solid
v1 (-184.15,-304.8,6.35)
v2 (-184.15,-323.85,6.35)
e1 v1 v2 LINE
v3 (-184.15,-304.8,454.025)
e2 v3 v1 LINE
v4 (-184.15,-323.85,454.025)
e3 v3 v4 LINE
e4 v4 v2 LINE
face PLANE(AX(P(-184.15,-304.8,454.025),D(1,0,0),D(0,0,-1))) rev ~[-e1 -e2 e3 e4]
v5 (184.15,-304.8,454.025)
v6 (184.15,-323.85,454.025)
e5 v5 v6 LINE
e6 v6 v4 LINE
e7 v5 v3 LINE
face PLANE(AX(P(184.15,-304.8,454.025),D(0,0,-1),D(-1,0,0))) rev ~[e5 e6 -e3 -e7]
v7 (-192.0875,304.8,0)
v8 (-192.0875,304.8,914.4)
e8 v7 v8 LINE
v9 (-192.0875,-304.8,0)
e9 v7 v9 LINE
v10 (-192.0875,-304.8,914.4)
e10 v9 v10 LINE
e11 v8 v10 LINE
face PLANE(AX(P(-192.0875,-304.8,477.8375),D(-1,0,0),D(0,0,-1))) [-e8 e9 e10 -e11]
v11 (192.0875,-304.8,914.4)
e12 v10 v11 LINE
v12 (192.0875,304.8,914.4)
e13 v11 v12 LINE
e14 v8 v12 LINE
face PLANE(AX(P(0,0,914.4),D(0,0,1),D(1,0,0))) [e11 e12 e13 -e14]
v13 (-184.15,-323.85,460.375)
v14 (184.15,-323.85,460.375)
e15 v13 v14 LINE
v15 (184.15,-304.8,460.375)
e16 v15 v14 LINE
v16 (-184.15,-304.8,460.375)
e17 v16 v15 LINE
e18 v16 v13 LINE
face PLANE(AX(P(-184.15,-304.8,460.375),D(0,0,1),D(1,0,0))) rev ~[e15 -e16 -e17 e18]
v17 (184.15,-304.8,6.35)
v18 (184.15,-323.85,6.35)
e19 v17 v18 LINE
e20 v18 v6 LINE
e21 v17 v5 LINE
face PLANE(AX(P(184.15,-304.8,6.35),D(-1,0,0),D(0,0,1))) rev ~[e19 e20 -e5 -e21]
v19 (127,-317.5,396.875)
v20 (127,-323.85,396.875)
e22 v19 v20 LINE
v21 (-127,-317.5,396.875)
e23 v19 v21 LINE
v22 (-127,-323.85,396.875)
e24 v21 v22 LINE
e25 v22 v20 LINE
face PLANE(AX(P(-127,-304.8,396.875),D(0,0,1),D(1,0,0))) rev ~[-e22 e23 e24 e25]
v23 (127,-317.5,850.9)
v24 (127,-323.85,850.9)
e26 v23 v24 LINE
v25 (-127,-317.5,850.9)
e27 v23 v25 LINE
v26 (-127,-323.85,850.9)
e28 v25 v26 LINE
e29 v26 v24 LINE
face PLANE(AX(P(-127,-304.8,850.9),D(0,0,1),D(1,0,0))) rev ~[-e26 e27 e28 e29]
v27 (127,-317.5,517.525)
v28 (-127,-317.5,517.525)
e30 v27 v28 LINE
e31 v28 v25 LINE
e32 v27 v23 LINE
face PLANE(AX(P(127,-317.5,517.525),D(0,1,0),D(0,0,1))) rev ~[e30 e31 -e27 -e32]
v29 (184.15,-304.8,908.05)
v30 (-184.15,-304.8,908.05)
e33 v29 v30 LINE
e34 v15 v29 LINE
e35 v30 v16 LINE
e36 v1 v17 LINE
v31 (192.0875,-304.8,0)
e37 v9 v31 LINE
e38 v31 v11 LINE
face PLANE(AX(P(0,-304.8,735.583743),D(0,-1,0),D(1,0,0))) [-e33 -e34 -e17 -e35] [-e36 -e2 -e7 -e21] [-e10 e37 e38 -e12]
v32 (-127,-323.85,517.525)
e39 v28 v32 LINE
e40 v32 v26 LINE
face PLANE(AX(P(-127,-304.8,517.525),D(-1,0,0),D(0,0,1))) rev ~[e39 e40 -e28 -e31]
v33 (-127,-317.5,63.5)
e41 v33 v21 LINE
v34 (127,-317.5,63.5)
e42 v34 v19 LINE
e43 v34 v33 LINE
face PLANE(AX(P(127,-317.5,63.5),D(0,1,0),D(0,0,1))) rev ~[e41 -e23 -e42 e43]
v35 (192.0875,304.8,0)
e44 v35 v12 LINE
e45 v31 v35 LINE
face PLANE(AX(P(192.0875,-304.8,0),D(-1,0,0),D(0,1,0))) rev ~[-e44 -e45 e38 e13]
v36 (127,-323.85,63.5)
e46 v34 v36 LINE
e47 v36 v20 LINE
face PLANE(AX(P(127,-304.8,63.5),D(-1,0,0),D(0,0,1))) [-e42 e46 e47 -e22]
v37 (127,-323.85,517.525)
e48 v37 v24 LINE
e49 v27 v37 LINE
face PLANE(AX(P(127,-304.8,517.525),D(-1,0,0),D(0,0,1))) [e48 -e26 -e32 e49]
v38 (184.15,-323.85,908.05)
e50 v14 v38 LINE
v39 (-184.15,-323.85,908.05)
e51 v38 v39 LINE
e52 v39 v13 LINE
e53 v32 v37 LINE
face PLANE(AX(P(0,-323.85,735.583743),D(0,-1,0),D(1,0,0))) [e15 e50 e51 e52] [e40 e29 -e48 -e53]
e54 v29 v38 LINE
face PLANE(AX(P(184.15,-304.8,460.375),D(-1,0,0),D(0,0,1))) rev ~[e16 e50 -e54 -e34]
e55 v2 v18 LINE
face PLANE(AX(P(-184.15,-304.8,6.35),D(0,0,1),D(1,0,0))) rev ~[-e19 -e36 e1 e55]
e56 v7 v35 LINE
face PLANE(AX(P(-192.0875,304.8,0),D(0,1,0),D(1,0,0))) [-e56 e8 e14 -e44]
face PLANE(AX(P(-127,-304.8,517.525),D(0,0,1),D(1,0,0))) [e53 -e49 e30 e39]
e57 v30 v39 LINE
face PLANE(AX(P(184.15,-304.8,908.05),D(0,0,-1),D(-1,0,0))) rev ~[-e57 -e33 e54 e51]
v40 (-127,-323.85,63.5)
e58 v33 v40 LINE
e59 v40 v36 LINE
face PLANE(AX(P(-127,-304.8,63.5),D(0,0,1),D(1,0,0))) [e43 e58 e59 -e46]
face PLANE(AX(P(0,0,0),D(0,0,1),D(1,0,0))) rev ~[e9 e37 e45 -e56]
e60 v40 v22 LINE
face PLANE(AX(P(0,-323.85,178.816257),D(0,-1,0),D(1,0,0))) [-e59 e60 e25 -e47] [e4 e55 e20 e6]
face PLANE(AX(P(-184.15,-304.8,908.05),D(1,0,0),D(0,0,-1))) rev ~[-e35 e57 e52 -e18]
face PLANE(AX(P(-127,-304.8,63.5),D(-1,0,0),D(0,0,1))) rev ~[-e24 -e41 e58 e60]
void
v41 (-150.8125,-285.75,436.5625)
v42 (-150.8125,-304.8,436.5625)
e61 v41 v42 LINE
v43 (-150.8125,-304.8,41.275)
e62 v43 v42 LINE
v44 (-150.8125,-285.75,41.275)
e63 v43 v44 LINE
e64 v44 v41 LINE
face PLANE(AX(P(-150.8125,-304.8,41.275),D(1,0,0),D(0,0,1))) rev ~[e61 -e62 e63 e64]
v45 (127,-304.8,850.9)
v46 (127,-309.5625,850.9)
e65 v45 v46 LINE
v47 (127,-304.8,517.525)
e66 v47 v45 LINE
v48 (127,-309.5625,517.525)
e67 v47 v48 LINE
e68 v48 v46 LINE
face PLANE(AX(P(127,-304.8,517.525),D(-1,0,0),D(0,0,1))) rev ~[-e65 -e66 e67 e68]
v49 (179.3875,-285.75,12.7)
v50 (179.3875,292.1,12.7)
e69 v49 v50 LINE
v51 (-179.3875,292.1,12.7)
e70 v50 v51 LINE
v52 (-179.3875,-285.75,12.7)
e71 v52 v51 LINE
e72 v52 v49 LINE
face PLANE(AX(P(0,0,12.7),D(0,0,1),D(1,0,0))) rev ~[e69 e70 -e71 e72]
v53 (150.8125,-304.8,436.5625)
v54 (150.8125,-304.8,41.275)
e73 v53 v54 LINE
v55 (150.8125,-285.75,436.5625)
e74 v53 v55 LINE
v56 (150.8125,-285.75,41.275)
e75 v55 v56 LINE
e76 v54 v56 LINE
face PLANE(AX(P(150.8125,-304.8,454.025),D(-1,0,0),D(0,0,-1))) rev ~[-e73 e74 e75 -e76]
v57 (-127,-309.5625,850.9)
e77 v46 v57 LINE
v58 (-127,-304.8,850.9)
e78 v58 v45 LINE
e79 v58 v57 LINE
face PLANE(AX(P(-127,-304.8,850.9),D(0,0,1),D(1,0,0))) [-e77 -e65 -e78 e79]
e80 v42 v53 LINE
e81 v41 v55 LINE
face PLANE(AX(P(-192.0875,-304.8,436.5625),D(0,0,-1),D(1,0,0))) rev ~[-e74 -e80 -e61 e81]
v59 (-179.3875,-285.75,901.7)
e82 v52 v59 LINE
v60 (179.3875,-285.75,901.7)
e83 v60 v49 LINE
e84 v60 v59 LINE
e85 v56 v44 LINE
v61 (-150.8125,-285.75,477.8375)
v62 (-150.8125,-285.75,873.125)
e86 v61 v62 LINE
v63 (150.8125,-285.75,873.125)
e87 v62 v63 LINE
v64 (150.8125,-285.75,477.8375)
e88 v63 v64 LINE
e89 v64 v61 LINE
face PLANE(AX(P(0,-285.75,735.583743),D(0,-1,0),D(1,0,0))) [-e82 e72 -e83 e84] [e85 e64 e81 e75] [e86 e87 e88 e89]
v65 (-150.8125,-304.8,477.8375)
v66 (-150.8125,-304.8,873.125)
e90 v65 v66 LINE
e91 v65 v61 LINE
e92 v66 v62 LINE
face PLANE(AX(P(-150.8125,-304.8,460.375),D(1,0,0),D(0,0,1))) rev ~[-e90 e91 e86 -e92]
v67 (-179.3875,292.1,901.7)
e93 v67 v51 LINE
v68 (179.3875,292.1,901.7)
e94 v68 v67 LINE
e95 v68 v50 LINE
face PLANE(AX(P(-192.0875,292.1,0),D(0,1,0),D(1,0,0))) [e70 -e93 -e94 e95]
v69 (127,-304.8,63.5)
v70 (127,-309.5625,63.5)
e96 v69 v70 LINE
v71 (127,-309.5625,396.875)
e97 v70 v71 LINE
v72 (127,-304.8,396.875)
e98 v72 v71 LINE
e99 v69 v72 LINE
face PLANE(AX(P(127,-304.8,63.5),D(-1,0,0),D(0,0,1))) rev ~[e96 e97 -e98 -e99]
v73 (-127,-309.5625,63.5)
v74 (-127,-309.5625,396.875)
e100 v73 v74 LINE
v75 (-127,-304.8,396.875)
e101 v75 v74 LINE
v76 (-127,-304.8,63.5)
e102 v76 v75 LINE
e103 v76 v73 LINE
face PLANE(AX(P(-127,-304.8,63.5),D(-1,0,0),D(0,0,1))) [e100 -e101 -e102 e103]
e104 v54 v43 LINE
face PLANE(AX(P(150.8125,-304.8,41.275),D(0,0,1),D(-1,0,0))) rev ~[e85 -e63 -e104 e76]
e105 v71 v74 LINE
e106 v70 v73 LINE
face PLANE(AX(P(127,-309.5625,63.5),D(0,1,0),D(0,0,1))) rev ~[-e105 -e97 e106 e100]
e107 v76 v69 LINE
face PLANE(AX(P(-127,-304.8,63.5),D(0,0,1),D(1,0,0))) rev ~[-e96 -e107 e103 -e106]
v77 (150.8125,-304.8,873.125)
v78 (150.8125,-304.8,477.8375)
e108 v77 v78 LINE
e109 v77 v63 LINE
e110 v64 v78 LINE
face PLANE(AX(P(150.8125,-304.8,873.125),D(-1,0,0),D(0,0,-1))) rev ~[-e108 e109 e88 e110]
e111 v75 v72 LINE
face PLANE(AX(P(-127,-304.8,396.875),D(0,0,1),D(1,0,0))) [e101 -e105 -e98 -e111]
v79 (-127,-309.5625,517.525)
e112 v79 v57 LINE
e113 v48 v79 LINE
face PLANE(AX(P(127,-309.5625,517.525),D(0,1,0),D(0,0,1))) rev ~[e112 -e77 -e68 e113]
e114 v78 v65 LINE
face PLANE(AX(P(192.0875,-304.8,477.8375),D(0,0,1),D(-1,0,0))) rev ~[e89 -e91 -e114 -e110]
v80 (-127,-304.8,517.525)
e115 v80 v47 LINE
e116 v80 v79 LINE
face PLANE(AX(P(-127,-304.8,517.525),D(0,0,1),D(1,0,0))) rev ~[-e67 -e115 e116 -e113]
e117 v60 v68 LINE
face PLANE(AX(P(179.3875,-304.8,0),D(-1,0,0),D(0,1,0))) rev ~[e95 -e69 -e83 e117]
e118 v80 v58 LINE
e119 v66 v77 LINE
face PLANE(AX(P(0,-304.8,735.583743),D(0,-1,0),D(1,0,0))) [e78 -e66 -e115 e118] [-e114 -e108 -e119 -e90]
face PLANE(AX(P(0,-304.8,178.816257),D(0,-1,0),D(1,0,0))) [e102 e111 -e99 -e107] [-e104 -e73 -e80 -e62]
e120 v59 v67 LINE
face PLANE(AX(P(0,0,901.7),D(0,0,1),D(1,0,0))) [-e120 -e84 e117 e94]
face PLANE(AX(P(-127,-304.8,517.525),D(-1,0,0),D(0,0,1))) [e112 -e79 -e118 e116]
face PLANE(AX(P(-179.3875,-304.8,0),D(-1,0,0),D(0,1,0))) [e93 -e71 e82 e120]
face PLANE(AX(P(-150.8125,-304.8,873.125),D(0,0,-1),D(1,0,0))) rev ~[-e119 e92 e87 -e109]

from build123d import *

# Parameters (mm, degrees)
F0_W     = 384.175
F0_H     = 609.6
F1_DEPTH = 914.4
F2_T     = -12.7
F3_W     = 28.575
F3_H     = 17.4625
F3_W_2   = 301.625
F3_W_3   = 4.7625
F3_H_2   = 6.35
F4_DEPTH = 19.05
F5_DEPTH = 19.05
F3_H_3   = 395.2875
F3_W_4   = 254
F3_H_4   = 333.375
F6_DEPTH = 19.05
F7_W     = 7.9375
F7_H     = 333.375
F8_DEPTH = 254


with BuildPart() as f1:
    # F0 (on Top) → F1 (new body)
    with BuildSketch(Plane.XY):
        Rectangle(F0_W, F0_H)
    extrude(amount=F1_DEPTH)

    # F2
    f2_openings = [f1.faces().sort_by_distance(p)[0] for p in [
        (0, -304.8, 457.2),
    ]]
    offset(amount=F2_T, openings=f2_openings)

    # F3 (on face) → F4 (join)
    with BuildSketch(Plane.XZ.offset(304.8)):
        Polygon((-192.0875, 477.8375), (-192.0875, 436.5625), (-184.15, 436.5625), (-184.15, 454.025), (-179.3875, 454.025), (-179.3875, 460.375), (-184.15, 460.375), (-184.15, 477.8375), align=None)
        with Locations((-165.1, 445.29375)):
            Rectangle(F3_W, F3_H)
        with Locations((-165.1, 469.10625)):
            Rectangle(F3_W, F3_H)
        with Locations((0, 445.29375)):
            Rectangle(F3_W_2, F3_H)
        with Locations((0, 469.10625)):
            Rectangle(F3_W_2, F3_H)
        with Locations((165.1, 445.29375)):
            Rectangle(F3_W, F3_H)
        with Locations((165.1, 469.10625)):
            Rectangle(F3_W, F3_H)
        Polygon((184.15, 436.5625), (192.0875, 436.5625), (192.0875, 477.8375), (184.15, 477.8375), (184.15, 460.375), (179.3875, 460.375), (179.3875, 454.025), (184.15, 454.025), align=None)
        with Locations((181.76875, 445.29375)):
            Rectangle(F3_W_3, F3_H)
        with Locations((181.76875, 469.10625)):
            Rectangle(F3_W_3, F3_H)
        with Locations((165.1, 457.2)):
            Rectangle(F3_W, F3_H_2)
        with Locations((-165.1, 457.2)):
            Rectangle(F3_W, F3_H_2)
        with Locations((-181.76875, 445.29375)):
            Rectangle(F3_W_3, F3_H)
        with Locations((-181.76875, 469.10625)):
            Rectangle(F3_W_3, F3_H)
        with Locations((0, 457.2)):
            Rectangle(F3_W_2, F3_H_2)
    extrude(amount=-F4_DEPTH)

    # F3 (on face) → F5 (join)
    with BuildSketch(Plane.XZ.offset(304.8)):
        Polygon((-179.3875, 901.7), (-179.3875, 477.8375), (-150.8125, 477.8375), (-150.8125, 873.125), (150.8125, 873.125), (150.8125, 477.8375), (179.3875, 477.8375), (179.3875, 901.7), align=None)
        Polygon((-192.0875, 914.4), (-192.0875, 477.8375), (-184.15, 477.8375), (-184.15, 908.05), (184.15, 908.05), (184.15, 477.8375), (192.0875, 477.8375), (192.0875, 914.4), align=None)
        Polygon((-150.8125, 436.5625), (-179.3875, 436.5625), (-179.3875, 12.7), (179.3875, 12.7), (179.3875, 436.5625), (150.8125, 436.5625), (150.8125, 41.275), (-150.8125, 41.275), align=None)
        Polygon((-184.15, 436.5625), (-192.0875, 436.5625), (-192.0875, 0), (192.0875, 0), (192.0875, 436.5625), (184.15, 436.5625), (184.15, 6.35), (-184.15, 6.35), align=None)
        Polygon((-179.3875, 436.5625), (-184.15, 436.5625), (-184.15, 6.35), (184.15, 6.35), (184.15, 436.5625), (179.3875, 436.5625), (179.3875, 12.7), (-179.3875, 12.7), align=None)
        with Locations((-165.1, 445.29375)):
            Rectangle(F3_W, F3_H)
        Polygon((-192.0875, 477.8375), (-192.0875, 436.5625), (-184.15, 436.5625), (-184.15, 454.025), (-179.3875, 454.025), (-179.3875, 460.375), (-184.15, 460.375), (-184.15, 477.8375), align=None)
        with Locations((-181.76875, 445.29375)):
            Rectangle(F3_W_3, F3_H)
        with Locations((-165.1, 469.10625)):
            Rectangle(F3_W, F3_H)
        with Locations((165.1, 469.10625)):
            Rectangle(F3_W, F3_H)
        with Locations((165.1, 445.29375)):
            Rectangle(F3_W, F3_H)
        Polygon((184.15, 436.5625), (192.0875, 436.5625), (192.0875, 477.8375), (184.15, 477.8375), (184.15, 460.375), (179.3875, 460.375), (179.3875, 454.025), (184.15, 454.025), align=None)
        with Locations((181.76875, 445.29375)):
            Rectangle(F3_W_3, F3_H)
    extrude(amount=-F5_DEPTH)

    # F3 (on face) → F6 (join)
    with BuildSketch(Plane.XZ.offset(304.8)):
        Polygon((-150.8125, 436.5625), (-179.3875, 436.5625), (-179.3875, 12.7), (179.3875, 12.7), (179.3875, 436.5625), (150.8125, 436.5625), (150.8125, 41.275), (-150.8125, 41.275), align=None)
        Polygon((-179.3875, 436.5625), (-184.15, 436.5625), (-184.15, 6.35), (184.15, 6.35), (184.15, 436.5625), (179.3875, 436.5625), (179.3875, 12.7), (-179.3875, 12.7), align=None)
        with Locations((0, 238.91875)):
            Rectangle(F3_W_2, F3_H_3)
        with Locations((0, 230.1875)):
            Rectangle(F3_W_4, F3_H_4, mode=Mode.SUBTRACT)
        with Locations((0, 445.29375)):
            Rectangle(F3_W_2, F3_H)
        with Locations((-165.1, 445.29375)):
            Rectangle(F3_W, F3_H)
        with Locations((165.1, 445.29375)):
            Rectangle(F3_W, F3_H)
        with Locations((181.76875, 445.29375)):
            Rectangle(F3_W_3, F3_H)
        with Locations((-181.76875, 445.29375)):
            Rectangle(F3_W_3, F3_H)
        Polygon((-179.3875, 901.7), (-179.3875, 477.8375), (-150.8125, 477.8375), (-150.8125, 873.125), (150.8125, 873.125), (150.8125, 477.8375), (179.3875, 477.8375), (179.3875, 901.7), align=None)
        with Locations((0, 675.48125)):
            Rectangle(F3_W_2, F3_H_3)
        with Locations((0, 684.2125)):
            Rectangle(F3_W_4, F3_H_4, mode=Mode.SUBTRACT)
        with Locations((-165.1, 469.10625)):
            Rectangle(F3_W, F3_H)
        with Locations((0, 469.10625)):
            Rectangle(F3_W_2, F3_H)
        with Locations((165.1, 469.10625)):
            Rectangle(F3_W, F3_H)
        with Locations((181.76875, 469.10625)):
            Rectangle(F3_W_3, F3_H)
        Polygon((-184.15, 908.05), (-184.15, 477.8375), (-179.3875, 477.8375), (-179.3875, 901.7), (179.3875, 901.7), (179.3875, 477.8375), (184.15, 477.8375), (184.15, 908.05), align=None)
        with Locations((-181.76875, 469.10625)):
            Rectangle(F3_W_3, F3_H)
    extrude(amount=F6_DEPTH)

    # F7 (on face) → F8 (join, through all)
    with BuildSketch(Plane(origin=(127, 0, 0), x_dir=(0, -1, 0), z_dir=(-1, 0, 0))):
        with Locations((313.53125, 230.1875)):
            Rectangle(F7_W, F7_H)
        with Locations((313.53125, 684.2125)):
            Rectangle(F7_W, F7_H)
    extrude(amount=F8_DEPTH)


solid = f1.part
